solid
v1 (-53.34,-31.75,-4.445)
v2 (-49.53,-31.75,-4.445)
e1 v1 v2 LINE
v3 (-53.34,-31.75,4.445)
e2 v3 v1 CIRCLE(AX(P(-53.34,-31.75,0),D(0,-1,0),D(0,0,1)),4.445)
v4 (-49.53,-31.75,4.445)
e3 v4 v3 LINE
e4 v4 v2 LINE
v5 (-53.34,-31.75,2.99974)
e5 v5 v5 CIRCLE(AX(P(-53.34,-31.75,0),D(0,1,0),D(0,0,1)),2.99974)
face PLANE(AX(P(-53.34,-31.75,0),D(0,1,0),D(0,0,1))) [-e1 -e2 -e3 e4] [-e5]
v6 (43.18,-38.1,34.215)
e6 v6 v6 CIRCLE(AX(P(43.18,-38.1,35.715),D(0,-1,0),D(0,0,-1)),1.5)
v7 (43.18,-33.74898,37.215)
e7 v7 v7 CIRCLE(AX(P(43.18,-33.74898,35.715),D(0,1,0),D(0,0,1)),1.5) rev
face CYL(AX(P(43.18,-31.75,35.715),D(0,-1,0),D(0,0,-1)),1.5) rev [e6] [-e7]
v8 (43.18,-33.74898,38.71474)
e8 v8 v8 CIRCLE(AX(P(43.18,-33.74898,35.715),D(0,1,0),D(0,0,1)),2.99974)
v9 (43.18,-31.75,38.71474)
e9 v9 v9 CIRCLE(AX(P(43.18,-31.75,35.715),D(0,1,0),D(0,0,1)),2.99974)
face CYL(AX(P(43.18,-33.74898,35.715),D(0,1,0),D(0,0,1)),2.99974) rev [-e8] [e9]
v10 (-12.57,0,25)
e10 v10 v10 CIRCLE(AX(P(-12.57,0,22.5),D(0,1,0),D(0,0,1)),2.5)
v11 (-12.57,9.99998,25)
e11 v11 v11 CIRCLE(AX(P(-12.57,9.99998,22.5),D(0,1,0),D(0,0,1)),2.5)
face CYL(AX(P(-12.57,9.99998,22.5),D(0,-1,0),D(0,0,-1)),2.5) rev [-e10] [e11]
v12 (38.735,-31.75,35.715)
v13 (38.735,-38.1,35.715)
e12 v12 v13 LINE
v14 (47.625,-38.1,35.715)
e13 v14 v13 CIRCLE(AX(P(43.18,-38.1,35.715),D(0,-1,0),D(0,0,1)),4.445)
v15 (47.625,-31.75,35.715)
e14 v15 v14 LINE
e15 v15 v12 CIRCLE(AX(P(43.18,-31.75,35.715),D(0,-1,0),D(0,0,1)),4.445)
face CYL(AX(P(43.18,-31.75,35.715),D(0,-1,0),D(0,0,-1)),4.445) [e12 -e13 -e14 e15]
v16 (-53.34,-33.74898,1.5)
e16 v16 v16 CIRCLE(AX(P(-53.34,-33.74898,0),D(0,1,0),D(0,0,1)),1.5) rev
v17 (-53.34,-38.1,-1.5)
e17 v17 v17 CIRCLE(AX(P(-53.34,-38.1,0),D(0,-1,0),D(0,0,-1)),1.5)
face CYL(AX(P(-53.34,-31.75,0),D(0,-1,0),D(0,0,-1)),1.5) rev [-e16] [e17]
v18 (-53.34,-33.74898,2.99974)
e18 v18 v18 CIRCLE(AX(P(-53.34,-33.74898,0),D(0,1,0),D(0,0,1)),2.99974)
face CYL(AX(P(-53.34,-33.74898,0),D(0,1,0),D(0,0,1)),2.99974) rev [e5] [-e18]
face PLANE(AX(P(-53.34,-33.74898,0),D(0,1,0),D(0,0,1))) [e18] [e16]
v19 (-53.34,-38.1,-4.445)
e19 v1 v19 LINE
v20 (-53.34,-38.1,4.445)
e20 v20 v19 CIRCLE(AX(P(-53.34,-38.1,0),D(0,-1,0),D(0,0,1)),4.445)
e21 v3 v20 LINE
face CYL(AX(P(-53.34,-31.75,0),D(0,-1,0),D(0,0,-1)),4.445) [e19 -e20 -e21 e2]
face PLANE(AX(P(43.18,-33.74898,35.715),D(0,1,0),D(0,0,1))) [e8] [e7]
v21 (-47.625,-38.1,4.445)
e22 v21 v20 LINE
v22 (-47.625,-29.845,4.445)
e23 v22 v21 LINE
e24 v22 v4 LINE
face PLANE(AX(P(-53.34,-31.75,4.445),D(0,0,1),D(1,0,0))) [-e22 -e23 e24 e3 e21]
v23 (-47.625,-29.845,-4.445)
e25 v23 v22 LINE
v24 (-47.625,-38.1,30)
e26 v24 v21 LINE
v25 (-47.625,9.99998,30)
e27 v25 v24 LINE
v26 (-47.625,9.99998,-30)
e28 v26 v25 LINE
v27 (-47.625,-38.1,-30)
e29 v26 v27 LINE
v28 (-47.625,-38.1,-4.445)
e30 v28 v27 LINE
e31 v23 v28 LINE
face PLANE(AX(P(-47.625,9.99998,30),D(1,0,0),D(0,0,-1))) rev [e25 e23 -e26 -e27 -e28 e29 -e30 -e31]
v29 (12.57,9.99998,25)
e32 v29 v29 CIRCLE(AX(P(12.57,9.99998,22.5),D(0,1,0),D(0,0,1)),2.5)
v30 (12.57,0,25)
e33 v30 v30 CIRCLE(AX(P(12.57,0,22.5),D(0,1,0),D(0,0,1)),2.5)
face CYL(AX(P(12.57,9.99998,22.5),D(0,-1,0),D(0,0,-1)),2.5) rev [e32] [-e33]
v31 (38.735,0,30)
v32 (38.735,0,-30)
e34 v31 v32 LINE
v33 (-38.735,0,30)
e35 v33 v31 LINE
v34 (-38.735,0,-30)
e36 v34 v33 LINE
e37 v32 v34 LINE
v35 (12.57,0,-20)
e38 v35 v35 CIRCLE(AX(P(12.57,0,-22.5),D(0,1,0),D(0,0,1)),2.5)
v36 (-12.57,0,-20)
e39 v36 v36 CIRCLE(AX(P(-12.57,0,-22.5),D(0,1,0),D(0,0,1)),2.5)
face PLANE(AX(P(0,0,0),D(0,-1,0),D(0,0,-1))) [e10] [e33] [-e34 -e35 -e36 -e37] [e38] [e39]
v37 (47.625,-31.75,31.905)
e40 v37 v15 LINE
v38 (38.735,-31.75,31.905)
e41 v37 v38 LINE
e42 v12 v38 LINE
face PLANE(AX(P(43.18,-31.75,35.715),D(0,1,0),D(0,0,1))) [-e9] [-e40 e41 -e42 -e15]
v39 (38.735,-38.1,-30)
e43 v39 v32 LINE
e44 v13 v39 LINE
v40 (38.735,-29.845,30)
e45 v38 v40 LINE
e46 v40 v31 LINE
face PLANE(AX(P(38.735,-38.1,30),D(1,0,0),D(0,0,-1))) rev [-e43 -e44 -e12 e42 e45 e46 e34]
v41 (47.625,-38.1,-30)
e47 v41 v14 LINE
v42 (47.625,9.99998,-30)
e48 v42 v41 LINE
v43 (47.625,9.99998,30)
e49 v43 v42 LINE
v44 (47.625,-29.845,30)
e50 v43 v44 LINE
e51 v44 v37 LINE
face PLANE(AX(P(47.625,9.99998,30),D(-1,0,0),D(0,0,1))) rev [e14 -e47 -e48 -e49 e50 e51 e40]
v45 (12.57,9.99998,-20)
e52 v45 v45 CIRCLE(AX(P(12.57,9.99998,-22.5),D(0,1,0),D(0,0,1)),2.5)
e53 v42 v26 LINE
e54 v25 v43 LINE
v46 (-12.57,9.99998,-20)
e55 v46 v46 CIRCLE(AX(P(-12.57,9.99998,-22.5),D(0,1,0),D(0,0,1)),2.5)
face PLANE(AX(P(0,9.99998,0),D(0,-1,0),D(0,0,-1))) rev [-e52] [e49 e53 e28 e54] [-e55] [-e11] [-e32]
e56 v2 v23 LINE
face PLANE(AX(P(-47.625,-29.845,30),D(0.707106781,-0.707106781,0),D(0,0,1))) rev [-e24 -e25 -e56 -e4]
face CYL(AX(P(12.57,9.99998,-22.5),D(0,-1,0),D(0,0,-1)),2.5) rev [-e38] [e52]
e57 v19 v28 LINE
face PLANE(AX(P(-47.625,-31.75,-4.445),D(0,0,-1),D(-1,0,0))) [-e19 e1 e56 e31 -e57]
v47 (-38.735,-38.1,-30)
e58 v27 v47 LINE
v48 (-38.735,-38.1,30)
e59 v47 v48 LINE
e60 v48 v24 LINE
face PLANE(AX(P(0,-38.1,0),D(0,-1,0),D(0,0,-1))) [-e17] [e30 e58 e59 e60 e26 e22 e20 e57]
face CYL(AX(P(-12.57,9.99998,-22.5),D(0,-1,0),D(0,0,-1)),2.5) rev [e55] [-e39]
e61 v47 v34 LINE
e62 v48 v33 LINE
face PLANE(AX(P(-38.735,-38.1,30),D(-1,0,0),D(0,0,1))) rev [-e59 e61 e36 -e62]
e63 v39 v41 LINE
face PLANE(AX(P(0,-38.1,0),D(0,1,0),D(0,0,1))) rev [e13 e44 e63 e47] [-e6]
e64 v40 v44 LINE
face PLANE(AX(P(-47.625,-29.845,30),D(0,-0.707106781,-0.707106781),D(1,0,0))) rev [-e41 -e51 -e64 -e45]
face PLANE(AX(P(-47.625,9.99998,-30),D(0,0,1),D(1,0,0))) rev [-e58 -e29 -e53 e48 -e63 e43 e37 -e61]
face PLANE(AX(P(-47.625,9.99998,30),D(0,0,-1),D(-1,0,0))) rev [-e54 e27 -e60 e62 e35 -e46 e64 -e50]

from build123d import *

# Parameters (mm, degrees)
SKETCH2_W           = 95.25
SKETCH2_H           = 60
SKETCH2_R           = 2.5
BOSS_EXTRUDE1_DEPTH = 9.99998
SKETCH4_W           = 8.89
SKETCH4_H           = 60
BOSS_EXTRUDE2_DEPTH = 38.1
SKETCH6_R           = 1.5
SKETCH6_R_2         = 1.500000048
BOSS_EXTRUDE3_DEPTH = 6.35
SKETCH8_R           = 2.99974
CUT_EXTRUDE2_DEPTH  = 1.99898
CHAMFER2_SIZE       = 1.905


with BuildPart() as part:
    # Sketch2 → Boss-Extrude1 (new body)
    with BuildSketch(Plane(origin=(0, 0, 0), x_dir=(1, 0, 0), z_dir=(0, 1, 0))):
        Rectangle(SKETCH2_W, SKETCH2_H)
        with Locations(Location((12.57, 22.5, 0), (0, 0, 270))):
            Circle(SKETCH2_R, mode=Mode.SUBTRACT)
        with Locations(Location((-12.57, 22.5, 0), (0, 0, 270))):
            Circle(SKETCH2_R, mode=Mode.SUBTRACT)
        with Locations(Location((12.57, -22.5, 0), (0, 0, 270))):
            Circle(SKETCH2_R, mode=Mode.SUBTRACT)
        with Locations(Location((-12.57, -22.5, 0), (0, 0, 270))):
            Circle(SKETCH2_R, mode=Mode.SUBTRACT)
    extrude(amount=BOSS_EXTRUDE1_DEPTH)

    # Sketch4 → Boss-Extrude2 (add)
    with BuildSketch(Plane.XZ):
        with Locations((-43.18, 0)):
            Rectangle(SKETCH4_W, SKETCH4_H)
        with Locations((43.18, 0)):
            Rectangle(SKETCH4_W, SKETCH4_H)
    extrude(amount=BOSS_EXTRUDE2_DEPTH)

    # Sketch6 → Boss-Extrude3 (add)
    # profile 1 of 2: a face of its own
    with BuildSketch(Plane.XZ.offset(38.1)):
        with BuildLine():
            Line((-47.625, -4.445), (-53.34, -4.445))
            ThreePointArc((-53.34, -4.445), (-57.785, 0), (-53.34, 4.445))
            Line((-53.34, 4.445), (-47.625, 4.445))
            Line((-47.625, 4.445), (-47.625, -4.445))
        make_face()
        with Locations(Location((-53.34, 0, 0), (0, 0, 270))):
            Circle(SKETCH6_R, mode=Mode.SUBTRACT)
    # profile 2 of 2: a face of its own
    with BuildSketch(Plane.XZ.offset(38.1)):
        with BuildLine():
            Line((38.735, 30), (38.735, 35.715))
            ThreePointArc((38.735, 35.715), (43.18, 40.16), (47.625, 35.715))
            Line((47.625, 35.715), (47.625, 30))
            Line((47.625, 30), (38.735, 30))
        make_face()
        with Locations(Location((43.18, 35.715, 0), (0, 0, 270))):
            Circle(SKETCH6_R_2, mode=Mode.SUBTRACT)
    extrude(amount=-BOSS_EXTRUDE3_DEPTH)

    # Sketch8 → Cut-Extrude2 (cut)
    with BuildSketch(Plane(origin=(0, -31.75, 0), x_dir=(1, 0, 0), z_dir=(0, 1, 0))):
        with Locations(Location((43.18, -35.715, 0), (0, 0, 270))):
            Circle(SKETCH8_R)
        with Locations(Location((-53.34, 0, 0), (0, 0, 270))):
            Circle(SKETCH8_R)
    extrude(amount=-CUT_EXTRUDE2_DEPTH, mode=Mode.SUBTRACT)

    # Chamfer2
    chamfer2_edges = [part.edges().sort_by_distance(p)[0] for p in [
        (-47.625, -31.75, 0),
        (43.18, -31.75, 30),
    ]]
    chamfer(chamfer2_edges, length=CHAMFER2_SIZE)


solid = part.part
